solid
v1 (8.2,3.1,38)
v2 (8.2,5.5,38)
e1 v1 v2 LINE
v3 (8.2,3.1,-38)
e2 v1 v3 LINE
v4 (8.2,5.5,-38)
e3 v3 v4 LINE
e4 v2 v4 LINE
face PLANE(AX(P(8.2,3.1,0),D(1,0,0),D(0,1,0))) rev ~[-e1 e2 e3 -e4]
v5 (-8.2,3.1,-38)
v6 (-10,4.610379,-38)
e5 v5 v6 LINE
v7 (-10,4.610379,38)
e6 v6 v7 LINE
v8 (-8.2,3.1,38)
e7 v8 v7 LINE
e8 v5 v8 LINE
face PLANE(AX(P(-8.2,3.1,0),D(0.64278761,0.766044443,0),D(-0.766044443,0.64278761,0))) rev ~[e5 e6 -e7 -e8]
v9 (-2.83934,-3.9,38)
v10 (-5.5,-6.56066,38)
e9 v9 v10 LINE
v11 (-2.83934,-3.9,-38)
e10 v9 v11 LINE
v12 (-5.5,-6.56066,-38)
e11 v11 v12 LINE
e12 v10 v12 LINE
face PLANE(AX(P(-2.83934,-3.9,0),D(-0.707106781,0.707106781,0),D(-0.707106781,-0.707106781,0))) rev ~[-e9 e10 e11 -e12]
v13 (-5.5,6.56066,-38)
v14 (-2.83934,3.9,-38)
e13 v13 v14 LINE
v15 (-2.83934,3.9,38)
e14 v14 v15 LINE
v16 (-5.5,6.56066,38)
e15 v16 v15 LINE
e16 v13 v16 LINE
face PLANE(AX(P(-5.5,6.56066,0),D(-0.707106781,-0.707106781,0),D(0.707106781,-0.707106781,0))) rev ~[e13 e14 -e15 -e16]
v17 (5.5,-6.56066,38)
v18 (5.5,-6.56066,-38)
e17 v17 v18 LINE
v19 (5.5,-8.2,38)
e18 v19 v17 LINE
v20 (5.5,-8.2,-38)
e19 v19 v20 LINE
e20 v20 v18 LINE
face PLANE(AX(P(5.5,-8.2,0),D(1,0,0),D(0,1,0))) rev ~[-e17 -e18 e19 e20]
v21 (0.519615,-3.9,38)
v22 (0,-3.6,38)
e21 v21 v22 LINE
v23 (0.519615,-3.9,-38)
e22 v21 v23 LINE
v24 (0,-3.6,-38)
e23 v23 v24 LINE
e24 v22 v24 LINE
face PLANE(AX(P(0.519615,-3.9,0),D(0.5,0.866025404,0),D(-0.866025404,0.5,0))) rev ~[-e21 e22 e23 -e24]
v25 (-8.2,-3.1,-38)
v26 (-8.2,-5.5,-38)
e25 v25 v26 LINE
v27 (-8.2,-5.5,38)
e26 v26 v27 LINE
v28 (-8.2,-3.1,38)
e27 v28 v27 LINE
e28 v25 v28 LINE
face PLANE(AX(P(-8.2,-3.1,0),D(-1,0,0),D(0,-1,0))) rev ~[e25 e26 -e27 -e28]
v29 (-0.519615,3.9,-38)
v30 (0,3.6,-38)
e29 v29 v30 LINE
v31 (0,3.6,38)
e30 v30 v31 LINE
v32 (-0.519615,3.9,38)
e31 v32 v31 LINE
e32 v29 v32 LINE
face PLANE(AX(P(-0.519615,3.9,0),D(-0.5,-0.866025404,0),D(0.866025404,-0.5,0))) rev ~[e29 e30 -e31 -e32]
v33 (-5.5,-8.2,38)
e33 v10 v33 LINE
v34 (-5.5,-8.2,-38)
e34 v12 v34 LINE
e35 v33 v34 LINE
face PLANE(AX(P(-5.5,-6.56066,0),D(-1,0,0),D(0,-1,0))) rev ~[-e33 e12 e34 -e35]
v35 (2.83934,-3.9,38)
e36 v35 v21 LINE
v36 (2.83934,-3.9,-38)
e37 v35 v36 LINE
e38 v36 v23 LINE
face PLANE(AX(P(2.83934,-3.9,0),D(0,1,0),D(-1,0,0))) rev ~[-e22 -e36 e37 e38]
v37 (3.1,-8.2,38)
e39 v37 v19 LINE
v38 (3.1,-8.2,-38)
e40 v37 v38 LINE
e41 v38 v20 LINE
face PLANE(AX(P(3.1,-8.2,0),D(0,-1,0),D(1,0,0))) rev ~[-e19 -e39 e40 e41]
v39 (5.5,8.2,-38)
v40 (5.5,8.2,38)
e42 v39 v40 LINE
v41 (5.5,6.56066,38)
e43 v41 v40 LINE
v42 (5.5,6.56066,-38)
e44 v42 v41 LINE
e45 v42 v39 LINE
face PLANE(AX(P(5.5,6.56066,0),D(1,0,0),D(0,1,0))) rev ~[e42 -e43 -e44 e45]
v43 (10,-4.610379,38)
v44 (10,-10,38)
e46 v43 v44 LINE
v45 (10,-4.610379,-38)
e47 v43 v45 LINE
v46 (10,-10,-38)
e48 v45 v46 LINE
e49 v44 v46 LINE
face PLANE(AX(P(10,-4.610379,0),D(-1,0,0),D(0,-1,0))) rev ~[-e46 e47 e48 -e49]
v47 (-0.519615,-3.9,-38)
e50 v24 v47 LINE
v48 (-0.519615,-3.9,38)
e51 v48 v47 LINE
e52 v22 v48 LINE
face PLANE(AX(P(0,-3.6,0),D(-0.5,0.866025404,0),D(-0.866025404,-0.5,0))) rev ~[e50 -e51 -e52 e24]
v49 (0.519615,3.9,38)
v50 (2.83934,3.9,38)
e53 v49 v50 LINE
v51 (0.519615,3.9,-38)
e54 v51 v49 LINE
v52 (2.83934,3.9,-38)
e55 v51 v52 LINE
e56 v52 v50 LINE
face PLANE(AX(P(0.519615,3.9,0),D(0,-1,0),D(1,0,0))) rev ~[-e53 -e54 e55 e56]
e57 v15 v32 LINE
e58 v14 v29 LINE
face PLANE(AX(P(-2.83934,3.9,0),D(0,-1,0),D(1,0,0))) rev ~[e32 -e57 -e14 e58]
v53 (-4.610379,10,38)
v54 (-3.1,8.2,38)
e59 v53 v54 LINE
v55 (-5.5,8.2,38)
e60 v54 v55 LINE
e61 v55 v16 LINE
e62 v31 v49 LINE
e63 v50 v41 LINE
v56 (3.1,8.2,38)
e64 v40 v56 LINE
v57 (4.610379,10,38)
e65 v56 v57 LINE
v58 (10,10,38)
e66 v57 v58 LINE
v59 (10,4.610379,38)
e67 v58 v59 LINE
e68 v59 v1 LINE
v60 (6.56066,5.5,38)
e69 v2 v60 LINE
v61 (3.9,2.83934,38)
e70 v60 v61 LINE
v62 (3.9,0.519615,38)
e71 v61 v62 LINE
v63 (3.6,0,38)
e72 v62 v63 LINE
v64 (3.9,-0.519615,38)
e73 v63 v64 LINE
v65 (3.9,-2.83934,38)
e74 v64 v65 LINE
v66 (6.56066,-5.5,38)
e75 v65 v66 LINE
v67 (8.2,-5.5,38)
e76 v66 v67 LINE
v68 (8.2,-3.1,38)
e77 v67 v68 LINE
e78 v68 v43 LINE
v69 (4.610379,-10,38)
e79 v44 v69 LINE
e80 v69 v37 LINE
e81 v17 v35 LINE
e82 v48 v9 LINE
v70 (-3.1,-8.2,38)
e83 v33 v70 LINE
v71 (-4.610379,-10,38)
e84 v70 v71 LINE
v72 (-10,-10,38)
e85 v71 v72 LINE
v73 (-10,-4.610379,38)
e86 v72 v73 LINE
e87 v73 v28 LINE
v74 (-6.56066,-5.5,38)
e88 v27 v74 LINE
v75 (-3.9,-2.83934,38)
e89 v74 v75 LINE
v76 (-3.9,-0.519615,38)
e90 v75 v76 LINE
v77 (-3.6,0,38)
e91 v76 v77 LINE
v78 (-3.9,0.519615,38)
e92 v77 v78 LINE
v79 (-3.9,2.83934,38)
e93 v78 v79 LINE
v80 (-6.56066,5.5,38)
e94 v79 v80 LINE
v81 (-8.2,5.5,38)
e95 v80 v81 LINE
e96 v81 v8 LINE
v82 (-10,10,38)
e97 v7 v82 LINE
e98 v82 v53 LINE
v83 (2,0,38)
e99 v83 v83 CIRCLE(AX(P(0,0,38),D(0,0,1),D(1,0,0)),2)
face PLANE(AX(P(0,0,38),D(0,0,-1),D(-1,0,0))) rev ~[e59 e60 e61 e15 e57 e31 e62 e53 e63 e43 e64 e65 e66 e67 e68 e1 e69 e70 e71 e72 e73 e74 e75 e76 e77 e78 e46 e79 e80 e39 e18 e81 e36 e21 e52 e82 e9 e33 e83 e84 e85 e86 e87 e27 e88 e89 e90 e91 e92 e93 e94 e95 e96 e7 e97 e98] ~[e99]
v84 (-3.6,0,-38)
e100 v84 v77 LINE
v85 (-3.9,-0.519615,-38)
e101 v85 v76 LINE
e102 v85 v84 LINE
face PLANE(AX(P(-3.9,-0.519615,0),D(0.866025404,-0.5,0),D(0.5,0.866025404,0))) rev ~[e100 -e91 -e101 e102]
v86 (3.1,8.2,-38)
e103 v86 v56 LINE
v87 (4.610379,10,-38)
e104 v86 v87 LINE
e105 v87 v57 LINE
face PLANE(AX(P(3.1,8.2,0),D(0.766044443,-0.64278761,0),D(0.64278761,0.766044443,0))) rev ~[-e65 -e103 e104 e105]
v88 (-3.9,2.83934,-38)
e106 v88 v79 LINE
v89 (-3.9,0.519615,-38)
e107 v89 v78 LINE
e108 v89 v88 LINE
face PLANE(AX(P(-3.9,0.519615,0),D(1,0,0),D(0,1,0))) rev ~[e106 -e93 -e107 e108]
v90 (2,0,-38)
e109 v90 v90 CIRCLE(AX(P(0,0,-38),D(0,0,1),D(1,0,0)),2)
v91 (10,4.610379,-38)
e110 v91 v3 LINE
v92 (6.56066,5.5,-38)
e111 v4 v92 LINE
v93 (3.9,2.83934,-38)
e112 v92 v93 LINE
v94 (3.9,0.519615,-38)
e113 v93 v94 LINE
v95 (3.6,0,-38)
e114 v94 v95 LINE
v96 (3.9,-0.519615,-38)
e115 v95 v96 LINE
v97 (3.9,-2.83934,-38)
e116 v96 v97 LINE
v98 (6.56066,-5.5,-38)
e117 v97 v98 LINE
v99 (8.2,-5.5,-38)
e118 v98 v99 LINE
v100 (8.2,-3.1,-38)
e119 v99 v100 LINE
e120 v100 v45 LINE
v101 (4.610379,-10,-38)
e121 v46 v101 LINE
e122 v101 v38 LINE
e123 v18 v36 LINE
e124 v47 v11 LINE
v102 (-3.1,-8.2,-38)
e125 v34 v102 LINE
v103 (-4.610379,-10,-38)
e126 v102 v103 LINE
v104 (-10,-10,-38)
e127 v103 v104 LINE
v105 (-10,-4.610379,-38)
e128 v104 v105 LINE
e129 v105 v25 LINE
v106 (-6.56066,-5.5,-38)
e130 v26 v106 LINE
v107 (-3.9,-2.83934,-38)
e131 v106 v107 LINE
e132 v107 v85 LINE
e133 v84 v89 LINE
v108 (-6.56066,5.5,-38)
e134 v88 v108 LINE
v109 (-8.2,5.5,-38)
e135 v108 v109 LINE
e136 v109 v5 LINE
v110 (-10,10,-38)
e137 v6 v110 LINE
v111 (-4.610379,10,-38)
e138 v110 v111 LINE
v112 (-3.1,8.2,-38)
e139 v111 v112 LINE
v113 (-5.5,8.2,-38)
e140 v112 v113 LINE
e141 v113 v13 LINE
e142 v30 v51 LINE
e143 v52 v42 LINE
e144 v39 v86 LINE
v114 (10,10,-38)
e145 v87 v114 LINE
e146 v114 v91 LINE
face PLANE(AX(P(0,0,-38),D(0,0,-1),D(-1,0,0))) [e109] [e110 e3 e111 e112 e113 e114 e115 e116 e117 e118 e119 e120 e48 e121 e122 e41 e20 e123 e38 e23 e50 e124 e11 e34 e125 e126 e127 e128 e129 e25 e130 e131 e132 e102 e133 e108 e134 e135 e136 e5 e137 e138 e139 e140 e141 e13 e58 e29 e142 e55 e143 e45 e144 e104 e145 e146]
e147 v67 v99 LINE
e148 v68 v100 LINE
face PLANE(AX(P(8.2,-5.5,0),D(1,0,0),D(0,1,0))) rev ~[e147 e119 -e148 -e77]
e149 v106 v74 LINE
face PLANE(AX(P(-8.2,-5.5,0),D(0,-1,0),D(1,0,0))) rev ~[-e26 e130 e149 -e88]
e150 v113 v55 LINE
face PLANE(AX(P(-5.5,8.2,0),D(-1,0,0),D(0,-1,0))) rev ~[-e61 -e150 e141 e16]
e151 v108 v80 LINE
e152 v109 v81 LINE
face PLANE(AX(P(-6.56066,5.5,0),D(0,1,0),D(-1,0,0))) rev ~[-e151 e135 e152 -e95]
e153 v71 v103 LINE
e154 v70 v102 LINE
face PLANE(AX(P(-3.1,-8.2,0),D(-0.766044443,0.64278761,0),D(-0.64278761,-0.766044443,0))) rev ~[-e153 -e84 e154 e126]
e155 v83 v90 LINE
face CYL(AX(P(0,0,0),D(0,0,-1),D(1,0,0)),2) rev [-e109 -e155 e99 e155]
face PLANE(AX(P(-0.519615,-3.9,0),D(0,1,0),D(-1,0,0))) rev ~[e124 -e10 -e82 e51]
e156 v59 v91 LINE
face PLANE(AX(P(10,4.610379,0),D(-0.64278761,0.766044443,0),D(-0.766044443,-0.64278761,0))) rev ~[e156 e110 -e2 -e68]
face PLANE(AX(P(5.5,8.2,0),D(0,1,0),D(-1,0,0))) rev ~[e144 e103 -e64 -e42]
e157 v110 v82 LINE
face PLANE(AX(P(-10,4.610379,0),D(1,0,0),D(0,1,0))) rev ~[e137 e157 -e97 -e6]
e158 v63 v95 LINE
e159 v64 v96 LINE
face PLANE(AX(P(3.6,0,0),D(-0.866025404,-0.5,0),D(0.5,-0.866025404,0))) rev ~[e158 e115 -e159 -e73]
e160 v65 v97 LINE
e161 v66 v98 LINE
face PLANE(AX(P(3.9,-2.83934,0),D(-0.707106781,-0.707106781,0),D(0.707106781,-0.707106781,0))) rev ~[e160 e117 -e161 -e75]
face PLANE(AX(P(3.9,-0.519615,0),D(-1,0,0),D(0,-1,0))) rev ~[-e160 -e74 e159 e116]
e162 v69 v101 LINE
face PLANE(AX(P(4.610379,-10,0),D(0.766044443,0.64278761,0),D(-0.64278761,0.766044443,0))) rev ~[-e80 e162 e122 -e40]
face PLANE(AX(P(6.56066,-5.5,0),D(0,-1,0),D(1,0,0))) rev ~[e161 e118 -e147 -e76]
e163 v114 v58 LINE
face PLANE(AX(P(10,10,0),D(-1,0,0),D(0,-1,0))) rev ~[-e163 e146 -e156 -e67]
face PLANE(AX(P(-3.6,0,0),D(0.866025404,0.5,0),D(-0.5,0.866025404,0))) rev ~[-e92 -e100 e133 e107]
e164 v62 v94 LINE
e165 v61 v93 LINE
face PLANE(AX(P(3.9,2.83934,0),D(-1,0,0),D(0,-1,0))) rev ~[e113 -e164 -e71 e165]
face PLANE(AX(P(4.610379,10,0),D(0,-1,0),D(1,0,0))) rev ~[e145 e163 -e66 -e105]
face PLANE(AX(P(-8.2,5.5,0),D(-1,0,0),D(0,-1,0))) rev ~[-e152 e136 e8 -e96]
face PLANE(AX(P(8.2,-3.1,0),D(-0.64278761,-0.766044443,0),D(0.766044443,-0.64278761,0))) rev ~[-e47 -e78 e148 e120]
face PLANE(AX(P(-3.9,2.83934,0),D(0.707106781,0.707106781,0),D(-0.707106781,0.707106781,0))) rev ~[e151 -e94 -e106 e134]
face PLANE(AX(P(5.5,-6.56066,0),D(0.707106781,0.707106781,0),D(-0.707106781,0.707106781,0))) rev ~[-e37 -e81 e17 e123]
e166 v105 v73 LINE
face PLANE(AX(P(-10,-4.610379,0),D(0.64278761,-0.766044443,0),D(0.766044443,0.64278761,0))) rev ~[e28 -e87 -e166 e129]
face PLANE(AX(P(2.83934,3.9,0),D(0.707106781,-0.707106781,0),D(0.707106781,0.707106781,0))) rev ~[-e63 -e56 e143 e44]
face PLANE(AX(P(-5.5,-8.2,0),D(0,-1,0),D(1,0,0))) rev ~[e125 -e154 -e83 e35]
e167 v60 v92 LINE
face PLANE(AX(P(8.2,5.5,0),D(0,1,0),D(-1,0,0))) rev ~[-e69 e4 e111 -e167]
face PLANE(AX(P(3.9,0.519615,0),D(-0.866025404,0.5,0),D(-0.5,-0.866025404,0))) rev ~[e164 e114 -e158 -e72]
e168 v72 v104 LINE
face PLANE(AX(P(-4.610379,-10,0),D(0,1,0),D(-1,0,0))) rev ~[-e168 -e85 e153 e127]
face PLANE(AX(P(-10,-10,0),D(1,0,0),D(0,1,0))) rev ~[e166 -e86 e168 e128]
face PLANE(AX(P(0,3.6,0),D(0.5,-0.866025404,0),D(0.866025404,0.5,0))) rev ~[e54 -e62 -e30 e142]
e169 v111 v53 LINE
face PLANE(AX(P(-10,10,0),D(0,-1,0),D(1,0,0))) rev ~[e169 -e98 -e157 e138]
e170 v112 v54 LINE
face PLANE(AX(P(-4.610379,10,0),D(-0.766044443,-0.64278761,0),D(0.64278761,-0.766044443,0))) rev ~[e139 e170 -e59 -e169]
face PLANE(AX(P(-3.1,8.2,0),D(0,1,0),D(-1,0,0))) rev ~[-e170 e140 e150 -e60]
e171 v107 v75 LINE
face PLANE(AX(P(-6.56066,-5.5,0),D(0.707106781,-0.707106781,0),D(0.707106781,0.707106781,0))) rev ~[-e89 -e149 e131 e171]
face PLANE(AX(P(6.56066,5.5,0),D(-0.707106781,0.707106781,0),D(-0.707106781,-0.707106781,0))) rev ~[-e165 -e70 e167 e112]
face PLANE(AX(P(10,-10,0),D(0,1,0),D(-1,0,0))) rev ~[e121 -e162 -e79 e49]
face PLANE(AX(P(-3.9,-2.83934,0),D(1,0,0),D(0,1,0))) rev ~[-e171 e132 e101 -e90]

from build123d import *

# Parameters (mm, degrees)
SKETCH1_R           = 2
BOSS_EXTRUDE1_DEPTH = 38


with BuildPart() as part:
    # Sketch1 → Boss-Extrude1 (new body, symmetric)
    with BuildSketch(Plane.XY):
        Polygon((10, 10), (10, 4.610379336), (8.2, 3.1), (8.2, 5.5), (6.560660172, 5.5), (3.9, 2.839339828), (3.9, 0.519615242), (3.6, 0), (3.9, -0.519615242), (3.9, -2.839339828), (6.560660172, -5.5), (8.2, -5.5), (8.2, -3.1), (10, -4.610379336), (10, -10), (4.610379336, -10), (3.1, -8.2), (5.5, -8.2), (5.5, -6.560660172), (2.839339828, -3.9), (0.519615242, -3.9), (0, -3.6), (-0.519615242, -3.9), (-2.839339828, -3.9), (-5.5, -6.560660172), (-5.5, -8.2), (-3.1, -8.2), (-4.610379336, -10), (-10, -10), (-10, -4.610379336), (-8.2, -3.1), (-8.2, -5.5), (-6.560660172, -5.5), (-3.9, -2.839339828), (-3.9, -0.519615242), (-3.6, 0), (-3.9, 0.519615242), (-3.9, 2.839339828), (-6.560660172, 5.5), (-8.2, 5.5), (-8.2, 3.1), (-10, 4.610379336), (-10, 10), (-4.610379336, 10), (-3.1, 8.2), (-5.5, 8.2), (-5.5, 6.560660172), (-2.839339828, 3.9), (-0.519615242, 3.9), (0, 3.6), (0.519615242, 3.9), (2.839339828, 3.9), (5.5, 6.560660172), (5.5, 8.2), (3.1, 8.2), (4.610379336, 10), align=None)
        Circle(SKETCH1_R, mode=Mode.SUBTRACT)
    extrude(amount=BOSS_EXTRUDE1_DEPTH, both=True)


solid = part.part
